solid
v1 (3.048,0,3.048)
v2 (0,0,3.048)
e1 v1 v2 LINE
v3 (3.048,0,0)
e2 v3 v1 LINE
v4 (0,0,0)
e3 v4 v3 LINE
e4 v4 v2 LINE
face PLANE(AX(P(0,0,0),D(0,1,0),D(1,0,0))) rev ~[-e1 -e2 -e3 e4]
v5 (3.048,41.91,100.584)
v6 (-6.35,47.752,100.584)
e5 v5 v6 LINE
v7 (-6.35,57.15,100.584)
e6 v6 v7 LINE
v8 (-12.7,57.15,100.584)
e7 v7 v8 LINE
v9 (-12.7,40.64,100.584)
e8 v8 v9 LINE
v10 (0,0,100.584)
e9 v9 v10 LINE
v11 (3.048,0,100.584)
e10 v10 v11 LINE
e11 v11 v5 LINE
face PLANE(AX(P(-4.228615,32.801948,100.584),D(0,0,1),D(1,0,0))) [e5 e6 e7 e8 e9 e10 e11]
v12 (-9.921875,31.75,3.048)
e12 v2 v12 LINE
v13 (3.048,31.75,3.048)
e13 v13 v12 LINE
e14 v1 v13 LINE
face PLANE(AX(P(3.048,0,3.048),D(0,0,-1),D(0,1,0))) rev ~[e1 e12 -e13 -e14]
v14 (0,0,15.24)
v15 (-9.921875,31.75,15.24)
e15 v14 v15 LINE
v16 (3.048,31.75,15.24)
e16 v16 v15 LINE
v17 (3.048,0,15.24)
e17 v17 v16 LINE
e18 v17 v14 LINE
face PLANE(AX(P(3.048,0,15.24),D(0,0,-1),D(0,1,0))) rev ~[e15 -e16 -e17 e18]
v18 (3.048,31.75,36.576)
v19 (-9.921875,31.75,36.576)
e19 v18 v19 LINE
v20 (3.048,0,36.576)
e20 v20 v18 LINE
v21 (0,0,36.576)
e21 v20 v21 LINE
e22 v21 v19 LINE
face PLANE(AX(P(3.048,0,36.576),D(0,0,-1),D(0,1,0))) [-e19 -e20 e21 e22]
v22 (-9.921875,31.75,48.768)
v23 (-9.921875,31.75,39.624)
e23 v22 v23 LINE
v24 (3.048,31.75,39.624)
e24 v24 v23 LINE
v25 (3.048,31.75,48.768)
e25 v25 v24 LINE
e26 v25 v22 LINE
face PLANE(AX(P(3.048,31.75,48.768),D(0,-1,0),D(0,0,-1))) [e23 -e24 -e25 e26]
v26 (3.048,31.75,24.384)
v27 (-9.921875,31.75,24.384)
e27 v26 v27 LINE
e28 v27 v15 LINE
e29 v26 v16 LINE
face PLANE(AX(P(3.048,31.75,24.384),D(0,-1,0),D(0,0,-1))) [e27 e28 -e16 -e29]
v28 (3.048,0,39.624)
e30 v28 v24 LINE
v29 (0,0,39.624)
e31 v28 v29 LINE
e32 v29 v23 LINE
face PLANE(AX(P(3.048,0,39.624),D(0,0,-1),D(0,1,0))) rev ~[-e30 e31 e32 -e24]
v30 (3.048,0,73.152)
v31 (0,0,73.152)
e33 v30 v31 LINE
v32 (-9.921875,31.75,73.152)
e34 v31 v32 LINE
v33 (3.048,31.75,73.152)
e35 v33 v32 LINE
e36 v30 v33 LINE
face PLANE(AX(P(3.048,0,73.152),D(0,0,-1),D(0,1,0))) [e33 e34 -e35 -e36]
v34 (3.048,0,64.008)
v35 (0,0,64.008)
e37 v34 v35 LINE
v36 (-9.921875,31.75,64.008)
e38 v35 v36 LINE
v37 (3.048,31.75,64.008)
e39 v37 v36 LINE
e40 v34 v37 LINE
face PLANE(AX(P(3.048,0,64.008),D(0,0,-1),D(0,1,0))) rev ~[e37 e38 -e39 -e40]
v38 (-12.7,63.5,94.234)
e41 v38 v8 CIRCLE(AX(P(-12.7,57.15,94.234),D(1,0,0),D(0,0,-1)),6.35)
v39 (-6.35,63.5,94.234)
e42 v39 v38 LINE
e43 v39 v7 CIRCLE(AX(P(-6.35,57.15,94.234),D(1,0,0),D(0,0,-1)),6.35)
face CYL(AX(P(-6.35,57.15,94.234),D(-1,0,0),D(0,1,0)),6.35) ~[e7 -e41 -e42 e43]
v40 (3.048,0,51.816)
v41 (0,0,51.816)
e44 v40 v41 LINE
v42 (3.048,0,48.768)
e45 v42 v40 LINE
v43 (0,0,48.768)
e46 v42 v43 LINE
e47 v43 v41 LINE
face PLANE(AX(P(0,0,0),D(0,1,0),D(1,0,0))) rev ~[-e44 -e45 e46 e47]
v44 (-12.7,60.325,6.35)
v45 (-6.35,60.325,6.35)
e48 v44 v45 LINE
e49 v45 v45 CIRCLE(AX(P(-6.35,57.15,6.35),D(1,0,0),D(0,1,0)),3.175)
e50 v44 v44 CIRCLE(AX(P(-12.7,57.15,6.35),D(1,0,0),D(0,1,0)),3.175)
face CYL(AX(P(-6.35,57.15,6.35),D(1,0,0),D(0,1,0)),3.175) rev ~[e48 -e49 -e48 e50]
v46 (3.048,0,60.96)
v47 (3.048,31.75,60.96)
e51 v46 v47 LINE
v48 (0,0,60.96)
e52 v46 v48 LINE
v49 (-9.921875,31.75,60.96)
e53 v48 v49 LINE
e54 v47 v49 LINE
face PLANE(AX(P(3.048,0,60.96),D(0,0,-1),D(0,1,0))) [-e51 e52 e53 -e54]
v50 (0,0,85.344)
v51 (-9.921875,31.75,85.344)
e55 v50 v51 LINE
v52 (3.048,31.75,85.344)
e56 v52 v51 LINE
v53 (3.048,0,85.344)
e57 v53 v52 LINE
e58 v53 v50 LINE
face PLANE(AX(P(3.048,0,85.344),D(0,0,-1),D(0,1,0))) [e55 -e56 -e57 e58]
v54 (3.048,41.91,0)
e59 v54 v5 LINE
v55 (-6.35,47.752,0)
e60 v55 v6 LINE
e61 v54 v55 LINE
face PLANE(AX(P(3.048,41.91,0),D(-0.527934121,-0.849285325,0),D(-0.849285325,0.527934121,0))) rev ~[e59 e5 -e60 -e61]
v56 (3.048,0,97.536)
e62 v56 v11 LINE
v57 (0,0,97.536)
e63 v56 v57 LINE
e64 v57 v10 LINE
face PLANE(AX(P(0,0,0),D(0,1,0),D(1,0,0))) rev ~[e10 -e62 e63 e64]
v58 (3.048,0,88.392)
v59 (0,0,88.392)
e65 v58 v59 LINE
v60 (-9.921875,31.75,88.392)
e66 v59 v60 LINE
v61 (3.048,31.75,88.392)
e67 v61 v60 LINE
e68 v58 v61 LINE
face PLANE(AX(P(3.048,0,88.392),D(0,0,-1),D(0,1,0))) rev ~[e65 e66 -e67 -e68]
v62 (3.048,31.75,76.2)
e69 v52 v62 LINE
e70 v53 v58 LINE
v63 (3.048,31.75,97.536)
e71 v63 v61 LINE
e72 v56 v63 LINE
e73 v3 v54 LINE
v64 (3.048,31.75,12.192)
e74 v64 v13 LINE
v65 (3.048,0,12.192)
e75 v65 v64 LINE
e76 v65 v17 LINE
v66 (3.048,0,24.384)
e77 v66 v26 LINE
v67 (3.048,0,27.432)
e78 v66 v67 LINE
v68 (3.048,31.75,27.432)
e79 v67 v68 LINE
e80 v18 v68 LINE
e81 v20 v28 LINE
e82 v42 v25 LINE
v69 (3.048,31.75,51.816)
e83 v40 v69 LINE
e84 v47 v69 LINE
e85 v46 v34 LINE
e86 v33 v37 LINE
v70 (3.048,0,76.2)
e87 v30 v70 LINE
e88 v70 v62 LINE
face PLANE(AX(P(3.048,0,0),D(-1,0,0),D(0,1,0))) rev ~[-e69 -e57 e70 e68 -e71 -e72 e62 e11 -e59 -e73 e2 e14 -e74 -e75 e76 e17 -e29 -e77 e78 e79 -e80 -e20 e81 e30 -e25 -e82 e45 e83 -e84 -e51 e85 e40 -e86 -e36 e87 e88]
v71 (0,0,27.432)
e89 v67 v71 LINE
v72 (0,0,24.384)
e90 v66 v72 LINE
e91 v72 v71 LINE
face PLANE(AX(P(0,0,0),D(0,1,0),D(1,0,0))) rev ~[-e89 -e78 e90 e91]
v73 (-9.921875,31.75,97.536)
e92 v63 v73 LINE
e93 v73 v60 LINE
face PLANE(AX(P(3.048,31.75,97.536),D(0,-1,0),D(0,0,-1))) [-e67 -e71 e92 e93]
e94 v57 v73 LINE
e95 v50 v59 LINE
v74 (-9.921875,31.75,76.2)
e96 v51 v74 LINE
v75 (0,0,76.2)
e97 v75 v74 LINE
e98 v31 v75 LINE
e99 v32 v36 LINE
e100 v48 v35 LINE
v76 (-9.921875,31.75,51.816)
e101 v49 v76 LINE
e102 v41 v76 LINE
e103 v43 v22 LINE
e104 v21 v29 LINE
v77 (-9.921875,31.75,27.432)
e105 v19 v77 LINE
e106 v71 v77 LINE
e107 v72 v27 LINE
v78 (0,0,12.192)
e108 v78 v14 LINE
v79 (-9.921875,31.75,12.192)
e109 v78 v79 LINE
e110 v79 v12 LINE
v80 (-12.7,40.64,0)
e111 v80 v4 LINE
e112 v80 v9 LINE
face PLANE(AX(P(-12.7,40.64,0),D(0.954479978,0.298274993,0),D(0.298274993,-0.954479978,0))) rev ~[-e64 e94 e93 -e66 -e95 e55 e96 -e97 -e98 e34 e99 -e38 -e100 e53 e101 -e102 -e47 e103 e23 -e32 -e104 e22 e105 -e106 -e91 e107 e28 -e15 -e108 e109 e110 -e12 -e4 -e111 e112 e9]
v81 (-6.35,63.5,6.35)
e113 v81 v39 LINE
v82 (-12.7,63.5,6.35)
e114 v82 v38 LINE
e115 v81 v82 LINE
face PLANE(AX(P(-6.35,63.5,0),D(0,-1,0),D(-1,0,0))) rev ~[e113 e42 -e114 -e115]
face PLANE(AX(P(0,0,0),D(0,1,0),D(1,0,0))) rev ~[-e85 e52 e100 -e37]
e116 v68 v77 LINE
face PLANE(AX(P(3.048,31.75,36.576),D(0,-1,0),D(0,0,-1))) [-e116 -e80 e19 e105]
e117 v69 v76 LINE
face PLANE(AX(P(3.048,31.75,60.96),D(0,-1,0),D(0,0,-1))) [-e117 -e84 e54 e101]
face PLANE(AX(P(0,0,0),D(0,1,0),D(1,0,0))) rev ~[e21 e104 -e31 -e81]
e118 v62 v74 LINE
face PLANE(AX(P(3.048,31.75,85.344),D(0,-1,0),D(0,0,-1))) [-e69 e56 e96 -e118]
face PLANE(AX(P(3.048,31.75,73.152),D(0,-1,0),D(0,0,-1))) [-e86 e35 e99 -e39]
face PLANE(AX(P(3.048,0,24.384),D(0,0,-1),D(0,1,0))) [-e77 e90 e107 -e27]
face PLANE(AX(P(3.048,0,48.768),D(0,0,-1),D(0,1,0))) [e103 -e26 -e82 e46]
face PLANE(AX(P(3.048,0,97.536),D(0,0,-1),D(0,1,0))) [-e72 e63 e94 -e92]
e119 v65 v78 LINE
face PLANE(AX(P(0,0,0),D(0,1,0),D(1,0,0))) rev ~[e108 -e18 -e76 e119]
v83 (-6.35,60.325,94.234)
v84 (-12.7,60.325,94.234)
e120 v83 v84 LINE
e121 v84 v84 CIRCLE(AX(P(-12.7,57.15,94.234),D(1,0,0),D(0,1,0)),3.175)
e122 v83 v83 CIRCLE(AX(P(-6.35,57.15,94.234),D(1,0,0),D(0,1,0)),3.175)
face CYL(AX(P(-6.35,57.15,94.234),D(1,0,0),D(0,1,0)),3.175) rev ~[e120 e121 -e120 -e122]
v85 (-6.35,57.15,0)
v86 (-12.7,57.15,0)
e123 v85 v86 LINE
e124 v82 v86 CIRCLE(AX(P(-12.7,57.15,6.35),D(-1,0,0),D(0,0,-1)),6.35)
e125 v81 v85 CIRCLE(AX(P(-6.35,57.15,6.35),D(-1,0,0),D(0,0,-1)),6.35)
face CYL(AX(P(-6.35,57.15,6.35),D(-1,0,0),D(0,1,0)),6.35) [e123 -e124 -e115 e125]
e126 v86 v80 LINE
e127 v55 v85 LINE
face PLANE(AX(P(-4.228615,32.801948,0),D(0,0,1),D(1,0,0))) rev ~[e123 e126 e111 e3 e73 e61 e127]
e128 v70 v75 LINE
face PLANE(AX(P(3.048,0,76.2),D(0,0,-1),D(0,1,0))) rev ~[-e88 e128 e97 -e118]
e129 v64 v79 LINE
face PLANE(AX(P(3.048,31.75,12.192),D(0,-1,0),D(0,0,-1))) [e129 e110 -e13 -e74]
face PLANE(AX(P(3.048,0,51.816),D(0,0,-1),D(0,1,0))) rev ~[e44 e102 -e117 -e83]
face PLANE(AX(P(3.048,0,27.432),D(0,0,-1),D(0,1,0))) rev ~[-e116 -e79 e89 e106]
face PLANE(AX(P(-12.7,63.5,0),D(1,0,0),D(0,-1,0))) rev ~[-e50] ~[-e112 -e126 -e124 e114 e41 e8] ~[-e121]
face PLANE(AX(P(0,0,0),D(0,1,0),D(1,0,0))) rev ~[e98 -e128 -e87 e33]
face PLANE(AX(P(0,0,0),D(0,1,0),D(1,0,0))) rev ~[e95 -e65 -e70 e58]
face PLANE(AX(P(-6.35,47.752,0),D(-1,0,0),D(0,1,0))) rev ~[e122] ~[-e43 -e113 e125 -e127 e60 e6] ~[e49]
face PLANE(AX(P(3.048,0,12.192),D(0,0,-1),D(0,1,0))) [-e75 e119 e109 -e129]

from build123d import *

# Parameters (mm, degrees)
BOSS_EXTRUDE1_DEPTH = 100.584
FILLET1_R           = 6.35
SKETCH6_R           = 3.175
CUT_EXTRUDE2_DEPTH  = 62.992
SKETCH7_W           = 9.144
SKETCH7_H           = 31.75
CUT_EXTRUDE5_DEPTH  = 120.989126841


with BuildPart() as part:
    # Sketch1 → Boss-Extrude1 (new body)
    with BuildSketch(Plane.XY):
        Polygon((0, 0), (3.048, 0), (3.048, 41.91), (-6.35, 47.752), (-6.35, 63.5), (-12.7, 63.5), (-12.7, 40.64), align=None)
    extrude(amount=BOSS_EXTRUDE1_DEPTH)

    # Fillet1
    fillet1_edges = [part.edges().sort_by_distance(p)[0] for p in [
        (-9.525, 63.5, 100.584),
        (-9.525, 63.5, 0),
    ]]
    fillet(fillet1_edges, radius=FILLET1_R)

    # Sketch6 → Cut-Extrude2 (cut, symmetric)
    with BuildSketch(Plane(origin=(-6.35, 0, 0), x_dir=(0, 0, -1), z_dir=(1, 0, 0))):
        with Locations(Location((-94.234, 57.15, 0), (0, 0, 90))):
            Circle(SKETCH6_R)
        with Locations(Location((-6.35, 57.15, 0), (0, 0, 90))):
            Circle(SKETCH6_R)
    extrude(amount=CUT_EXTRUDE2_DEPTH, both=True, mode=Mode.SUBTRACT)

    # Sketch7 → Cut-Extrude5 (cut, through all)
    with BuildSketch(Plane(origin=(3.048, 0, 0), x_dir=(0, 0, -1), z_dir=(1, 0, 0))):
        with Locations((-92.964, 15.875)):
            Rectangle(SKETCH7_W, SKETCH7_H)
        with Locations((-80.772, 15.875)):
            Rectangle(SKETCH7_W, SKETCH7_H)
        with Locations((-68.58, 15.875)):
            Rectangle(SKETCH7_W, SKETCH7_H)
        with Locations((-56.388, 15.875)):
            Rectangle(SKETCH7_W, SKETCH7_H)
        with Locations((-44.196, 15.875)):
            Rectangle(SKETCH7_W, SKETCH7_H)
        with Locations((-32.004, 15.875)):
            Rectangle(SKETCH7_W, SKETCH7_H)
        with Locations((-19.812, 15.875)):
            Rectangle(SKETCH7_W, SKETCH7_H)
        with Locations((-7.62, 15.875)):
            Rectangle(SKETCH7_W, SKETCH7_H)
    extrude(amount=-CUT_EXTRUDE5_DEPTH, mode=Mode.SUBTRACT)


solid = part.part
